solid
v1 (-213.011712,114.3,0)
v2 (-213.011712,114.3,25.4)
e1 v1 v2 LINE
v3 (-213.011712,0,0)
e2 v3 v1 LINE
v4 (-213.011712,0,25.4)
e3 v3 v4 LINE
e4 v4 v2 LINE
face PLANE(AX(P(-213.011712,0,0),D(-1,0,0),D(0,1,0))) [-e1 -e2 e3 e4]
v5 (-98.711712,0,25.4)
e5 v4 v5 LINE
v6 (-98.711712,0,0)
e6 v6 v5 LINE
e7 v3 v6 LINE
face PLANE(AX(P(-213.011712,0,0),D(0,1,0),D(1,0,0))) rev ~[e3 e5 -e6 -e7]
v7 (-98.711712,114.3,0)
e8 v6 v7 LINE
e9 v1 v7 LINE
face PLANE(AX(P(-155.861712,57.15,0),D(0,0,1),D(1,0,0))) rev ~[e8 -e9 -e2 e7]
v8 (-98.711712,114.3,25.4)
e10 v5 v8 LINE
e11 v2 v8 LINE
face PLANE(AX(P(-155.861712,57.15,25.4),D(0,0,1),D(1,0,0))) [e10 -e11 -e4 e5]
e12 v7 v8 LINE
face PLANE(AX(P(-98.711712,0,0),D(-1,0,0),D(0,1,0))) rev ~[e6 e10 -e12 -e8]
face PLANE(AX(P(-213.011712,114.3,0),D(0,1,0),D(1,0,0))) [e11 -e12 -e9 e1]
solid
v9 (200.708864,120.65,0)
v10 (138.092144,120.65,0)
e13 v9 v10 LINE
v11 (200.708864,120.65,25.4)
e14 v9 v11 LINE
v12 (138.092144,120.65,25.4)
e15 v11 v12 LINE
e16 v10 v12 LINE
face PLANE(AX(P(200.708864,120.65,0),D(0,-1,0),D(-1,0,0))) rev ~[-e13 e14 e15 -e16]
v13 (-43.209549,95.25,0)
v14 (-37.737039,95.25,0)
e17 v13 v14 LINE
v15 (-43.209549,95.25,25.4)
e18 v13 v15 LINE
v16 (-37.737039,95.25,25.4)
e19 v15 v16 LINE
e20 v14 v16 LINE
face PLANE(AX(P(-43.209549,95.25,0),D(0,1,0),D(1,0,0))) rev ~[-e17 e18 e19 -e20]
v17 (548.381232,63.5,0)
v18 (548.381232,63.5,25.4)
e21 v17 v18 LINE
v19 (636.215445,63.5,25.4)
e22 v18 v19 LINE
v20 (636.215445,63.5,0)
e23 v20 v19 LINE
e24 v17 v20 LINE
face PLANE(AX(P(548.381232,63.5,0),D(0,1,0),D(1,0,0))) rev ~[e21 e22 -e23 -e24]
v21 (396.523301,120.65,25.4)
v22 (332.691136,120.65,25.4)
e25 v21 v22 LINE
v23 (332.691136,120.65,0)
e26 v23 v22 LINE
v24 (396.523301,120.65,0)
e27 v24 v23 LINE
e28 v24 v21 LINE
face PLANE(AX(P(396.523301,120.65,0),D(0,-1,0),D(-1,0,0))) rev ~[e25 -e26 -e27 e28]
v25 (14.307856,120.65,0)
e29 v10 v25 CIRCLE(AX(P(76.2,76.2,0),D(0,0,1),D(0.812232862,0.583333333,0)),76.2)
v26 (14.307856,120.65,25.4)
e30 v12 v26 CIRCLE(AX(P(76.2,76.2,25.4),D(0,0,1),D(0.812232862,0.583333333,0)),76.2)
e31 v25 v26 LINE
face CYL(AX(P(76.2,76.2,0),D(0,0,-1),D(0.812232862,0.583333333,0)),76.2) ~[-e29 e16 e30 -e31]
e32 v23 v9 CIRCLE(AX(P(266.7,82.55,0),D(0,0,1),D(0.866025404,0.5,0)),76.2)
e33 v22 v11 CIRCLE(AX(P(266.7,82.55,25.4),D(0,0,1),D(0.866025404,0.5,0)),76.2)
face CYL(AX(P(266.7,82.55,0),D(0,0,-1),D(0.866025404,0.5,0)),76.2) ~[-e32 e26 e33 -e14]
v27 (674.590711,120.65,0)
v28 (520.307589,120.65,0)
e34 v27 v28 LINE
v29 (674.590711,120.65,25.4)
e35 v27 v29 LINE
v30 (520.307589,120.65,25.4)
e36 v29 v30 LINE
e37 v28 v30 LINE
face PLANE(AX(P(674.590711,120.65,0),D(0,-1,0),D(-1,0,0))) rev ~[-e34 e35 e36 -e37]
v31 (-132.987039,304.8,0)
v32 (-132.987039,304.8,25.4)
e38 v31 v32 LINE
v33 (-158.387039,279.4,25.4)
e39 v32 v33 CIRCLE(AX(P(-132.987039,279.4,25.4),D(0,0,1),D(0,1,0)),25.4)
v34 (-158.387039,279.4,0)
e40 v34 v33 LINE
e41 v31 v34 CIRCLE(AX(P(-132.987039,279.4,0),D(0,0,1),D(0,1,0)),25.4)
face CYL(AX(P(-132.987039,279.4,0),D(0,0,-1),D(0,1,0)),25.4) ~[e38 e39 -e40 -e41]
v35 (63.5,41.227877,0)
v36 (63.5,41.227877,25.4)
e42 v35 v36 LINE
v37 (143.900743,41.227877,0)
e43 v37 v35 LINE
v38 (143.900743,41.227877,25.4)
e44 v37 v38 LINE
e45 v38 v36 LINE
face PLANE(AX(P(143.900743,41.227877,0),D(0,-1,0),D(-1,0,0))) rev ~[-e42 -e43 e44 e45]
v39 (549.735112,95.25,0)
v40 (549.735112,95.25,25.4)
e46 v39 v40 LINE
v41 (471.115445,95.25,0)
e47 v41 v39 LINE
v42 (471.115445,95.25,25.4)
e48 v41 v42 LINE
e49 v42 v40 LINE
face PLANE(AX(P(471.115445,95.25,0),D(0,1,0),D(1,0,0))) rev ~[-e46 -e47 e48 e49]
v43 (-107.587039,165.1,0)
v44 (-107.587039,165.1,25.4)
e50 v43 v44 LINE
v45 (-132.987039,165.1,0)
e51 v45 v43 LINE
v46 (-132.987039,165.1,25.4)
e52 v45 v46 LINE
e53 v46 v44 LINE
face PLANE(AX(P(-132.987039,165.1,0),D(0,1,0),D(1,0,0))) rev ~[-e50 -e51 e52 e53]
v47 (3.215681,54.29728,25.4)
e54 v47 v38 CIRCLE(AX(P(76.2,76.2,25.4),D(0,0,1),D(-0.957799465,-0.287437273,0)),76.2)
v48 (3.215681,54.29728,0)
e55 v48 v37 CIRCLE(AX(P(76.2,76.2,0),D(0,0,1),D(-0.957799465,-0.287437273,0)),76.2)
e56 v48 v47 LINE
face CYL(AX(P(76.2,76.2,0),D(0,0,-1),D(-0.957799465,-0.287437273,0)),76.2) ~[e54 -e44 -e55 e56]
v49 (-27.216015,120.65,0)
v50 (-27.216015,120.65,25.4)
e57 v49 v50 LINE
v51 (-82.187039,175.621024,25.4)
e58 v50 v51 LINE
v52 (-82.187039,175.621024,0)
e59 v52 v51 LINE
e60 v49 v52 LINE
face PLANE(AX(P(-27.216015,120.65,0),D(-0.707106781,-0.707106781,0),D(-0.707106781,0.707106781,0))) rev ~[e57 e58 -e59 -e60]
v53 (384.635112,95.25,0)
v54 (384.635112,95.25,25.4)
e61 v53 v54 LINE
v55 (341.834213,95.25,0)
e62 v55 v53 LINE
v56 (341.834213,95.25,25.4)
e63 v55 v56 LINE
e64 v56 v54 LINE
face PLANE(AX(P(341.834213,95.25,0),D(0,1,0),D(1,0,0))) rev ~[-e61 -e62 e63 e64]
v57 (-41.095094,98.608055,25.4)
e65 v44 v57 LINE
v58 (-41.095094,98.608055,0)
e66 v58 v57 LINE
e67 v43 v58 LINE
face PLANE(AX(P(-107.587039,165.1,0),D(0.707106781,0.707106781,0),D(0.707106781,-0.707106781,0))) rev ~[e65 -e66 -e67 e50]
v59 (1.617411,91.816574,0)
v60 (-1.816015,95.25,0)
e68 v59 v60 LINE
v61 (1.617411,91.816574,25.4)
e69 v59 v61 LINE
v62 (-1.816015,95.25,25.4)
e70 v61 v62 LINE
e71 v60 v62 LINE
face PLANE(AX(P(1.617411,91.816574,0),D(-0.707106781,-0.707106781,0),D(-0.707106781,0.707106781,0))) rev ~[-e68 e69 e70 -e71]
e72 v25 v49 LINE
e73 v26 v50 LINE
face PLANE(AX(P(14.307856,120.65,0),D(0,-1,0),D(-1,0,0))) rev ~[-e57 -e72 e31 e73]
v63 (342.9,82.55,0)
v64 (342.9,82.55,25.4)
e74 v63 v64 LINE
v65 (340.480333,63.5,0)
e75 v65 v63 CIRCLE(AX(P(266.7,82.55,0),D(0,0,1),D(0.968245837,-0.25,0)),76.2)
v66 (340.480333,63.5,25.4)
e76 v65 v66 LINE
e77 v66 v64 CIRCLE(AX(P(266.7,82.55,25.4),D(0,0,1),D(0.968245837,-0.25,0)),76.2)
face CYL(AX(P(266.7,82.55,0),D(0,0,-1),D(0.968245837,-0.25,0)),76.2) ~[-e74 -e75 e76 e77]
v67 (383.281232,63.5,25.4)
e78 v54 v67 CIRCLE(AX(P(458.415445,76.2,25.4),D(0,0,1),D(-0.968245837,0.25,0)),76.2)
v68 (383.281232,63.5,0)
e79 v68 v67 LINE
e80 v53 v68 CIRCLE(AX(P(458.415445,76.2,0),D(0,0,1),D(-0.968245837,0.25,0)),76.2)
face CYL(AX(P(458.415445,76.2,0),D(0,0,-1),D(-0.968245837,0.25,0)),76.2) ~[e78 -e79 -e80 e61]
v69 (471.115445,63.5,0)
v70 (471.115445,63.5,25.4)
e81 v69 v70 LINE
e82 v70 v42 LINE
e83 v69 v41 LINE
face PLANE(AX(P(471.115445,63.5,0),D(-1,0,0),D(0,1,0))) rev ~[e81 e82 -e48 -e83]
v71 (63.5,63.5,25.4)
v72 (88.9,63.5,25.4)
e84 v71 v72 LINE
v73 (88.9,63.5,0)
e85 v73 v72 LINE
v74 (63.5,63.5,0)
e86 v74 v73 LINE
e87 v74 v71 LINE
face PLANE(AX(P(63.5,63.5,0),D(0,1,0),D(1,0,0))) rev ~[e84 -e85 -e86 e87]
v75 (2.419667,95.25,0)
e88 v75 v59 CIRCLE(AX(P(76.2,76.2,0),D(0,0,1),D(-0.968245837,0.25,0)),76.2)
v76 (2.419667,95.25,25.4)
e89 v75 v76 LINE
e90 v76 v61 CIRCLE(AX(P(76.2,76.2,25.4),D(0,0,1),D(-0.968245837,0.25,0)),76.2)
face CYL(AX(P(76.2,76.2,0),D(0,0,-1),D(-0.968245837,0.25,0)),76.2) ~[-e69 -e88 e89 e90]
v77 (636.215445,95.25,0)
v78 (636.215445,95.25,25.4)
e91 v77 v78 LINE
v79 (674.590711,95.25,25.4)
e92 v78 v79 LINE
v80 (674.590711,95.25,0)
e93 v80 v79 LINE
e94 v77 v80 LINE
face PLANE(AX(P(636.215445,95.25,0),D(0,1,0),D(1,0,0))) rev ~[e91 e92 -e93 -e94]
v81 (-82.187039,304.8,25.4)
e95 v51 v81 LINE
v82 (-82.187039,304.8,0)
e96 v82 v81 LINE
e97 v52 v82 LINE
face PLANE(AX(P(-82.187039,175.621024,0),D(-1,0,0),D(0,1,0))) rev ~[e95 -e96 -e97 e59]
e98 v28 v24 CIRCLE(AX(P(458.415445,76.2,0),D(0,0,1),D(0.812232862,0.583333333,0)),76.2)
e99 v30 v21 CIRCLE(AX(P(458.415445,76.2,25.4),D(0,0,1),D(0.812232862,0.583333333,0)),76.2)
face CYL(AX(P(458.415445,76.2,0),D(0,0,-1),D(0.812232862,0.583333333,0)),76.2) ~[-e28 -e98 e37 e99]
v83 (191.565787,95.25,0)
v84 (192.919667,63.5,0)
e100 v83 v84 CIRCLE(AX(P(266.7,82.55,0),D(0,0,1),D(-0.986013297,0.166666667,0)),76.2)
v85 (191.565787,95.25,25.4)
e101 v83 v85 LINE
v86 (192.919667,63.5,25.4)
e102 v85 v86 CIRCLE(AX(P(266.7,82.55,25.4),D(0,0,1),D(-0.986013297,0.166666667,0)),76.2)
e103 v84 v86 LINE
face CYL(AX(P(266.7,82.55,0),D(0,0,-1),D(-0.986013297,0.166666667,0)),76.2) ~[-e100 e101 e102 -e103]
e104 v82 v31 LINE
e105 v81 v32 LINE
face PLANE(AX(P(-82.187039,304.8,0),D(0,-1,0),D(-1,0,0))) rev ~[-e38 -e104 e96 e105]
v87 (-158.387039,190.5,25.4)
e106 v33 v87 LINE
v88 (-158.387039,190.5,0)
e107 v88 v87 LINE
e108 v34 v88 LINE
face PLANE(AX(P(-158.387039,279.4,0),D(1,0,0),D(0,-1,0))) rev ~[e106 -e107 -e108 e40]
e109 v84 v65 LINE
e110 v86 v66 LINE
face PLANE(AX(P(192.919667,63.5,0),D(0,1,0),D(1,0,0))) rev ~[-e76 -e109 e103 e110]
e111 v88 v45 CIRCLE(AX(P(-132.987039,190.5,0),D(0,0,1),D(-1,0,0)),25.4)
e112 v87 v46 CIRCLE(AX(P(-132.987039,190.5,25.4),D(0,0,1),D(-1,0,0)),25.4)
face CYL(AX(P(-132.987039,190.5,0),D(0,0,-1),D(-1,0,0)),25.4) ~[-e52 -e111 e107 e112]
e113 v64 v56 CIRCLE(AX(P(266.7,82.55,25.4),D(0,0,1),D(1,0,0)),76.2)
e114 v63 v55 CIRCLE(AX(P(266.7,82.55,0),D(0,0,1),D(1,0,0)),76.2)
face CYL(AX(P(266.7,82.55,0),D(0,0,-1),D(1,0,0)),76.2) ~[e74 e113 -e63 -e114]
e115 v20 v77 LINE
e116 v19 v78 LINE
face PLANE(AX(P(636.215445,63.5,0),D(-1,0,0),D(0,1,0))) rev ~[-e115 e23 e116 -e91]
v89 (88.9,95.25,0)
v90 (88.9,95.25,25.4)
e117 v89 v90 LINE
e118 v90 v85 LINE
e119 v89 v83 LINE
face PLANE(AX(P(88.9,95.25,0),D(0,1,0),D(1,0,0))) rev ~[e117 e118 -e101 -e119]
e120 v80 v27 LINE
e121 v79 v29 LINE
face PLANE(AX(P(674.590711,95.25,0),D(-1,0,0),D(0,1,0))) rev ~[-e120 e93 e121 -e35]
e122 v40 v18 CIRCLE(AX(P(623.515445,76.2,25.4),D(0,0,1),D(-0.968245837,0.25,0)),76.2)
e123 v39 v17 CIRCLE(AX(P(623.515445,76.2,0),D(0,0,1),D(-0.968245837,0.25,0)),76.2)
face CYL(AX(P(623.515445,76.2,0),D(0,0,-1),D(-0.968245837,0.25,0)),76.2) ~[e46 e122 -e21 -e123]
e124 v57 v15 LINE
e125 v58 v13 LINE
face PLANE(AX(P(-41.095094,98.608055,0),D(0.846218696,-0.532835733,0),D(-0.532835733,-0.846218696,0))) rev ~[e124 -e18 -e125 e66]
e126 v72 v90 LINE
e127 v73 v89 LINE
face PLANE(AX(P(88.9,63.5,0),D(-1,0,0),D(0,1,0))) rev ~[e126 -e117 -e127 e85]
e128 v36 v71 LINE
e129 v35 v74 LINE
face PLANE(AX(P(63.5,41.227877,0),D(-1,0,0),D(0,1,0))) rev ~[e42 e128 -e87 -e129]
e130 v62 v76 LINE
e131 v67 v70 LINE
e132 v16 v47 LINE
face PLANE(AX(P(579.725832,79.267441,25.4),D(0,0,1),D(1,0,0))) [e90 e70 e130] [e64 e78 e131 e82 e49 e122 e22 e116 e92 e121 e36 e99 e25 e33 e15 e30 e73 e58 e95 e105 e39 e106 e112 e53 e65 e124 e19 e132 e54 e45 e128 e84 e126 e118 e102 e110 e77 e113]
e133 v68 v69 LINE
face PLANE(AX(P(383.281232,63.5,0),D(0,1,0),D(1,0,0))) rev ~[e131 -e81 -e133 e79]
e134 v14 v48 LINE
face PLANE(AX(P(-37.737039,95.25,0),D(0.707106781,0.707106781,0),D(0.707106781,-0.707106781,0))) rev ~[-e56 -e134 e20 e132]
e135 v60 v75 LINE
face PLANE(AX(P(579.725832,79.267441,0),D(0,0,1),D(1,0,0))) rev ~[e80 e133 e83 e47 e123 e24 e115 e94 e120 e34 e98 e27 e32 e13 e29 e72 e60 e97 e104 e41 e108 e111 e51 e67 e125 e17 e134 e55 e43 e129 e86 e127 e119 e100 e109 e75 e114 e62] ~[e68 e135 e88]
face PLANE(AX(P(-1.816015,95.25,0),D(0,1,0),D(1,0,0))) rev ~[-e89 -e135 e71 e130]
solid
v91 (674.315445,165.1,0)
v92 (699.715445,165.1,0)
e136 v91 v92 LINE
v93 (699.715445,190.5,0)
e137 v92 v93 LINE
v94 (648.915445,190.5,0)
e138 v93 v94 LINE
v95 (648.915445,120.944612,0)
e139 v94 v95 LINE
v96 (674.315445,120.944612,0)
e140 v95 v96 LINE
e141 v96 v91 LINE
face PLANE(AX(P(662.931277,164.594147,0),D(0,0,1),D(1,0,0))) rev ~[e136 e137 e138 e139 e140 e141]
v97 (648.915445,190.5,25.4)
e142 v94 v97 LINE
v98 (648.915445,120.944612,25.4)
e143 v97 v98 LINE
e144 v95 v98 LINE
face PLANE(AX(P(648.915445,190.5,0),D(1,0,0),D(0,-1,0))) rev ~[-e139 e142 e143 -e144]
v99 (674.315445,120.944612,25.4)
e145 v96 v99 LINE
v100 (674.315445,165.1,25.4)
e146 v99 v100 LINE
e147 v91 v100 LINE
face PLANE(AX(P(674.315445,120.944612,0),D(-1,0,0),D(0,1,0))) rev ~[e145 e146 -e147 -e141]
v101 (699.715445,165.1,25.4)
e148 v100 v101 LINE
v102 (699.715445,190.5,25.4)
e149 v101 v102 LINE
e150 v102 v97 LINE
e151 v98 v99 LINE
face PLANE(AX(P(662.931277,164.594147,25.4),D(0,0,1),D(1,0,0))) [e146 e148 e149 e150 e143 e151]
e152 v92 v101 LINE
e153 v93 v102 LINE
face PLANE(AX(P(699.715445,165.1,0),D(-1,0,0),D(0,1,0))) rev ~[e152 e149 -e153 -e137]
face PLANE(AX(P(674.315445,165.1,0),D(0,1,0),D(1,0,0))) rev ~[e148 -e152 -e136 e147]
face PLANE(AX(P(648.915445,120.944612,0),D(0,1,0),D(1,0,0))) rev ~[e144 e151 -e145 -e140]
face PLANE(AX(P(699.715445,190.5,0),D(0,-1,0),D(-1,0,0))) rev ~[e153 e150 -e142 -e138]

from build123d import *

# Parameters (mm, degrees)
F0_W     = 114.3
F0_H     = 114.3
F1_DEPTH = 25.4
F0_W_2   = 25.4
F0_H_2   = 25.4
F0_H_3   = 6.35


with BuildPart() as f1:
    # F0 (on Top) → F1 (new body)
    with BuildSketch(Plane.XY):
        with Locations((-155.8617118359, 57.15)):
            Rectangle(F0_W, F0_H)
    extrude(amount=F1_DEPTH)


with BuildPart() as f1b:
    # F0 (on Top) → F1, piece 2 (new body)
    with BuildSketch(Plane.XY):
        with BuildLine():
            ThreePointArc((549.7351123646, 95.25), (547.3846292276, 79.4463630577), (548.3812318645, 63.5))
            Line((548.3812318645, 63.5), (610.8154451098, 63.5))
            Line((610.8154451098, 63.5), (610.8154451098, 88.9))
            Line((610.8154451098, 88.9), (610.8154451098, 95.25))
            Line((610.8154451098, 95.25), (549.7351123646, 95.25))
        make_face()
        with BuildLine():
            ThreePointArc((384.6351123646, 95.25), (382.2846292276, 79.4463630577), (383.2812318645, 63.5))
            Line((383.2812318645, 63.5), (445.7154451098, 63.5))
            Line((445.7154451098, 63.5), (445.7154451098, 88.9))
            Line((445.7154451098, 88.9), (445.7154451098, 95.25))
            Line((445.7154451098, 95.25), (384.6351123646, 95.25))
        make_face()
        with BuildLine():
            ThreePointArc((2.4196672547, 95.25), (1.9986775513, 93.5379279863), (1.6174108262, 91.8165742762))
            ThreePointArc((1.6174108262, 91.8165742762), (0.0690439068, 72.956926715), (3.2156808044, 54.2972798137))
            ThreePointArc((3.2156808044, 54.2972798137), (69.1514990582, 0.3266935314), (143.9007431471, 41.22787714))
            Line((143.9007431471, 41.22787714), (63.5, 41.22787714))
            Line((63.5, 41.22787714), (63.5, 63.5))
            Line((63.5, 63.5), (63.5, 88.9))
            Line((63.5, 88.9), (63.5, 95.25))
            Line((63.5, 95.25), (2.4196672547, 95.25))
        make_face()
        Polygon((-107.5870393819, 165.1), (-41.0950939232, 98.6080545413), (-27.2160148976, 120.65), (-38.3374551225, 131.7714402249), (-40.5287286181, 133.9627137205), (-54.8269536405, 148.2609387429), (-60.6505539628, 154.0845390652), (-71.6660148976, 165.1), (-82.1870393819, 175.6210244843), (-82.1870393819, 304.8), (-107.5870393819, 304.8), align=None)
        with BuildLine():
            Line((332.6911357684, 120.65), (200.7088642316, 120.65))
            ThreePointArc((200.7088642316, 120.65), (195.0035493657, 108.3581182274), (191.5657867546, 95.25))
            Line((191.5657867546, 95.25), (254, 95.25))
            Line((254, 95.25), (279.4, 95.25))
            Line((279.4, 95.25), (341.8342132454, 95.25))
            ThreePointArc((341.8342132454, 95.25), (338.3964506343, 108.3581182274), (332.6911357684, 120.65))
        make_face()
        with BuildLine():
            Line((674.5907105505, 120.65), (561.6233010203, 120.65))
            ThreePointArc((561.6233010203, 120.65), (554.5006261025, 108.5016215905), (549.7351123646, 95.25))
            Line((549.7351123646, 95.25), (610.8154451098, 95.25))
            Line((610.8154451098, 95.25), (636.2154451098, 95.25))
            Line((636.2154451098, 95.25), (674.5907105505, 95.25))
            Line((674.5907105505, 95.25), (674.5907105505, 120.65))
        make_face()
        with BuildLine():
            ThreePointArc((191.5657867546, 95.25), (190.5691841177, 79.3036369423), (192.9196672547, 63.5))
            Line((192.9196672547, 63.5), (340.4803327453, 63.5))
            ThreePointArc((340.4803327453, 63.5), (342.2926628556, 72.9484729128), (342.9, 82.55))
            ThreePointArc((342.9, 82.55), (342.6330858365, 88.9223210333), (341.8342132454, 95.25))
            Line((341.8342132454, 95.25), (279.4, 95.25))
            Line((279.4, 95.25), (279.4, 69.85))
            Line((279.4, 69.85), (254, 69.85))
            Line((254, 69.85), (254, 95.25))
            Line((254, 95.25), (191.5657867546, 95.25))
        make_face()
        with BuildLine():
            Line((396.5233010203, 120.65), (332.6911357684, 120.65))
            ThreePointArc((332.6911357684, 120.65), (338.3964506343, 108.3581182274), (341.8342132454, 95.25))
            Line((341.8342132454, 95.25), (384.6351123646, 95.25))
            ThreePointArc((384.6351123646, 95.25), (389.4006261025, 108.5016215905), (396.5233010203, 120.65))
        make_face()
        with BuildLine():
            Line((561.6233010203, 120.65), (520.3075891994, 120.65))
            ThreePointArc((520.3075891994, 120.65), (527.4302641172, 108.5016215905), (532.1957778551, 95.25))
            Line((532.1957778551, 95.25), (549.7351123646, 95.25))
            ThreePointArc((549.7351123646, 95.25), (554.5006261025, 108.5016215905), (561.6233010203, 120.65))
        make_face()
        with BuildLine():
            Line((-132.9870393819, 165.1), (-107.5870393819, 165.1))
            Line((-107.5870393819, 165.1), (-107.5870393819, 304.8))
            Line((-107.5870393819, 304.8), (-132.9870393819, 304.8))
            ThreePointArc((-132.9870393819, 304.8), (-150.947551624, 297.3605122421), (-158.3870393819, 279.4))
            Line((-158.3870393819, 279.4), (-158.3870393819, 190.5))
            ThreePointArc((-158.3870393819, 190.5), (-150.947551624, 172.5394877579), (-132.9870393819, 165.1))
        make_face()
        with BuildLine():
            Line((200.7088642316, 120.65), (138.0921440895, 120.65))
            ThreePointArc((138.0921440895, 120.65), (145.2148190074, 108.5016215905), (149.9803327453, 95.25))
            Line((149.9803327453, 95.25), (191.5657867546, 95.25))
            ThreePointArc((191.5657867546, 95.25), (195.0035493657, 108.3581182274), (200.7088642316, 120.65))
        make_face()
        with BuildLine():
            ThreePointArc((14.3078559105, 120.65), (7.1851809926, 108.5016215905), (2.4196672547, 95.25))
            Line((2.4196672547, 95.25), (63.5, 95.25))
            Line((63.5, 95.25), (88.9, 95.25))
            Line((88.9, 95.25), (149.9803327453, 95.25))
            ThreePointArc((149.9803327453, 95.25), (145.2148190074, 108.5016215905), (138.0921440895, 120.65))
            Line((138.0921440895, 120.65), (14.3078559105, 120.65))
        make_face()
        with BuildLine():
            ThreePointArc((332.6911357684, 120.65), (266.7, 158.75), (200.7088642316, 120.65))
            Line((200.7088642316, 120.65), (332.6911357684, 120.65))
        make_face()
        with BuildLine():
            ThreePointArc((520.3075891994, 120.65), (458.4154451098, 152.4), (396.5233010203, 120.65))
            Line((396.5233010203, 120.65), (520.3075891994, 120.65))
        make_face()
        with BuildLine():
            ThreePointArc((138.0921440895, 120.65), (76.2, 152.4), (14.3078559105, 120.65))
            Line((14.3078559105, 120.65), (138.0921440895, 120.65))
        make_face()
        with BuildLine():
            Line((520.3075891994, 120.65), (396.5233010203, 120.65))
            ThreePointArc((396.5233010203, 120.65), (389.4006261025, 108.5016215905), (384.6351123646, 95.25))
            Line((384.6351123646, 95.25), (445.7154451098, 95.25))
            Line((445.7154451098, 95.25), (471.1154451098, 95.25))
            Line((471.1154451098, 95.25), (532.1957778551, 95.25))
            ThreePointArc((532.1957778551, 95.25), (527.4302641172, 108.5016215905), (520.3075891994, 120.65))
        make_face()
        with BuildLine():
            Line((-1.8160148976, 95.25), (2.4196672547, 95.25))
            ThreePointArc((2.4196672547, 95.25), (7.1851809926, 108.5016215905), (14.3078559105, 120.65))
            Line((14.3078559105, 120.65), (-27.2160148976, 120.65))
            Line((-27.2160148976, 120.65), (-41.0950939232, 98.6080545413))
            Line((-41.0950939232, 98.6080545413), (-37.7370393819, 95.25))
            Line((-37.7370393819, 95.25), (-1.8160148976, 95.25))
        make_face()
        with BuildLine():
            ThreePointArc((3.2156808044, 54.2972798137), (0.0690439068, 72.956926715), (1.6174108262, 91.8165742762))
            Line((1.6174108262, 91.8165742762), (-1.8160148976, 95.25))
            Line((-1.8160148976, 95.25), (-37.7370393819, 95.25))
            Line((-37.7370393819, 95.25), (3.2156808044, 54.2972798137))
        make_face()
        Polygon((-43.2095490396, 95.25), (-37.7370393819, 95.25), (-41.0950939232, 98.6080545413), align=None)
        with Locations((266.7, 82.55)):
            Rectangle(F0_W_2, F0_H_2)
        with Locations((76.2, 76.2)):
            Rectangle(F0_W_2, F0_H_2)
        with Locations((458.4154451098, 76.2)):
            Rectangle(F0_W_2, F0_H_2)
        with Locations((458.4154451098, 92.075)):
            Rectangle(F0_W_2, F0_H_3)
        with Locations((623.5154451098, 76.2)):
            Rectangle(F0_W_2, F0_H_2)
        with Locations((76.2, 92.075)):
            Rectangle(F0_W_2, F0_H_3)
        with Locations((623.5154451098, 92.075)):
            Rectangle(F0_W_2, F0_H_3)
    extrude(amount=F1_DEPTH)


with BuildPart() as f1c:
    # F0 (on Top) → F1, piece 3 (new body)
    with BuildSketch(Plane.XY):
        with BuildLine():
            ThreePointArc((648.9154451098, 148.0420489686), (662.3510594962, 141.7609262841), (674.3154451098, 132.9961266285))
            Line((674.3154451098, 132.9961266285), (674.3154451098, 165.1))
            Line((674.3154451098, 165.1), (674.3154451098, 190.5))
            Line((674.3154451098, 190.5), (648.9154451098, 190.5))
            Line((648.9154451098, 190.5), (648.9154451098, 148.0420489686))
        make_face()
        with BuildLine():
            Line((674.3154451098, 120.9446117282), (674.3154451098, 132.9961266285))
            ThreePointArc((674.3154451098, 132.9961266285), (662.3510594962, 141.7609262841), (648.9154451098, 148.0420489686))
            Line((648.9154451098, 148.0420489686), (648.9154451098, 120.9446117282))
            Line((648.9154451098, 120.9446117282), (674.3154451098, 120.9446117282))
        make_face()
        with Locations((687.0154451098, 177.8)):
            Rectangle(F0_W_2, F0_H_2)
    extrude(amount=F1_DEPTH)


solid = Compound([f1.part, f1b.part, f1c.part])
